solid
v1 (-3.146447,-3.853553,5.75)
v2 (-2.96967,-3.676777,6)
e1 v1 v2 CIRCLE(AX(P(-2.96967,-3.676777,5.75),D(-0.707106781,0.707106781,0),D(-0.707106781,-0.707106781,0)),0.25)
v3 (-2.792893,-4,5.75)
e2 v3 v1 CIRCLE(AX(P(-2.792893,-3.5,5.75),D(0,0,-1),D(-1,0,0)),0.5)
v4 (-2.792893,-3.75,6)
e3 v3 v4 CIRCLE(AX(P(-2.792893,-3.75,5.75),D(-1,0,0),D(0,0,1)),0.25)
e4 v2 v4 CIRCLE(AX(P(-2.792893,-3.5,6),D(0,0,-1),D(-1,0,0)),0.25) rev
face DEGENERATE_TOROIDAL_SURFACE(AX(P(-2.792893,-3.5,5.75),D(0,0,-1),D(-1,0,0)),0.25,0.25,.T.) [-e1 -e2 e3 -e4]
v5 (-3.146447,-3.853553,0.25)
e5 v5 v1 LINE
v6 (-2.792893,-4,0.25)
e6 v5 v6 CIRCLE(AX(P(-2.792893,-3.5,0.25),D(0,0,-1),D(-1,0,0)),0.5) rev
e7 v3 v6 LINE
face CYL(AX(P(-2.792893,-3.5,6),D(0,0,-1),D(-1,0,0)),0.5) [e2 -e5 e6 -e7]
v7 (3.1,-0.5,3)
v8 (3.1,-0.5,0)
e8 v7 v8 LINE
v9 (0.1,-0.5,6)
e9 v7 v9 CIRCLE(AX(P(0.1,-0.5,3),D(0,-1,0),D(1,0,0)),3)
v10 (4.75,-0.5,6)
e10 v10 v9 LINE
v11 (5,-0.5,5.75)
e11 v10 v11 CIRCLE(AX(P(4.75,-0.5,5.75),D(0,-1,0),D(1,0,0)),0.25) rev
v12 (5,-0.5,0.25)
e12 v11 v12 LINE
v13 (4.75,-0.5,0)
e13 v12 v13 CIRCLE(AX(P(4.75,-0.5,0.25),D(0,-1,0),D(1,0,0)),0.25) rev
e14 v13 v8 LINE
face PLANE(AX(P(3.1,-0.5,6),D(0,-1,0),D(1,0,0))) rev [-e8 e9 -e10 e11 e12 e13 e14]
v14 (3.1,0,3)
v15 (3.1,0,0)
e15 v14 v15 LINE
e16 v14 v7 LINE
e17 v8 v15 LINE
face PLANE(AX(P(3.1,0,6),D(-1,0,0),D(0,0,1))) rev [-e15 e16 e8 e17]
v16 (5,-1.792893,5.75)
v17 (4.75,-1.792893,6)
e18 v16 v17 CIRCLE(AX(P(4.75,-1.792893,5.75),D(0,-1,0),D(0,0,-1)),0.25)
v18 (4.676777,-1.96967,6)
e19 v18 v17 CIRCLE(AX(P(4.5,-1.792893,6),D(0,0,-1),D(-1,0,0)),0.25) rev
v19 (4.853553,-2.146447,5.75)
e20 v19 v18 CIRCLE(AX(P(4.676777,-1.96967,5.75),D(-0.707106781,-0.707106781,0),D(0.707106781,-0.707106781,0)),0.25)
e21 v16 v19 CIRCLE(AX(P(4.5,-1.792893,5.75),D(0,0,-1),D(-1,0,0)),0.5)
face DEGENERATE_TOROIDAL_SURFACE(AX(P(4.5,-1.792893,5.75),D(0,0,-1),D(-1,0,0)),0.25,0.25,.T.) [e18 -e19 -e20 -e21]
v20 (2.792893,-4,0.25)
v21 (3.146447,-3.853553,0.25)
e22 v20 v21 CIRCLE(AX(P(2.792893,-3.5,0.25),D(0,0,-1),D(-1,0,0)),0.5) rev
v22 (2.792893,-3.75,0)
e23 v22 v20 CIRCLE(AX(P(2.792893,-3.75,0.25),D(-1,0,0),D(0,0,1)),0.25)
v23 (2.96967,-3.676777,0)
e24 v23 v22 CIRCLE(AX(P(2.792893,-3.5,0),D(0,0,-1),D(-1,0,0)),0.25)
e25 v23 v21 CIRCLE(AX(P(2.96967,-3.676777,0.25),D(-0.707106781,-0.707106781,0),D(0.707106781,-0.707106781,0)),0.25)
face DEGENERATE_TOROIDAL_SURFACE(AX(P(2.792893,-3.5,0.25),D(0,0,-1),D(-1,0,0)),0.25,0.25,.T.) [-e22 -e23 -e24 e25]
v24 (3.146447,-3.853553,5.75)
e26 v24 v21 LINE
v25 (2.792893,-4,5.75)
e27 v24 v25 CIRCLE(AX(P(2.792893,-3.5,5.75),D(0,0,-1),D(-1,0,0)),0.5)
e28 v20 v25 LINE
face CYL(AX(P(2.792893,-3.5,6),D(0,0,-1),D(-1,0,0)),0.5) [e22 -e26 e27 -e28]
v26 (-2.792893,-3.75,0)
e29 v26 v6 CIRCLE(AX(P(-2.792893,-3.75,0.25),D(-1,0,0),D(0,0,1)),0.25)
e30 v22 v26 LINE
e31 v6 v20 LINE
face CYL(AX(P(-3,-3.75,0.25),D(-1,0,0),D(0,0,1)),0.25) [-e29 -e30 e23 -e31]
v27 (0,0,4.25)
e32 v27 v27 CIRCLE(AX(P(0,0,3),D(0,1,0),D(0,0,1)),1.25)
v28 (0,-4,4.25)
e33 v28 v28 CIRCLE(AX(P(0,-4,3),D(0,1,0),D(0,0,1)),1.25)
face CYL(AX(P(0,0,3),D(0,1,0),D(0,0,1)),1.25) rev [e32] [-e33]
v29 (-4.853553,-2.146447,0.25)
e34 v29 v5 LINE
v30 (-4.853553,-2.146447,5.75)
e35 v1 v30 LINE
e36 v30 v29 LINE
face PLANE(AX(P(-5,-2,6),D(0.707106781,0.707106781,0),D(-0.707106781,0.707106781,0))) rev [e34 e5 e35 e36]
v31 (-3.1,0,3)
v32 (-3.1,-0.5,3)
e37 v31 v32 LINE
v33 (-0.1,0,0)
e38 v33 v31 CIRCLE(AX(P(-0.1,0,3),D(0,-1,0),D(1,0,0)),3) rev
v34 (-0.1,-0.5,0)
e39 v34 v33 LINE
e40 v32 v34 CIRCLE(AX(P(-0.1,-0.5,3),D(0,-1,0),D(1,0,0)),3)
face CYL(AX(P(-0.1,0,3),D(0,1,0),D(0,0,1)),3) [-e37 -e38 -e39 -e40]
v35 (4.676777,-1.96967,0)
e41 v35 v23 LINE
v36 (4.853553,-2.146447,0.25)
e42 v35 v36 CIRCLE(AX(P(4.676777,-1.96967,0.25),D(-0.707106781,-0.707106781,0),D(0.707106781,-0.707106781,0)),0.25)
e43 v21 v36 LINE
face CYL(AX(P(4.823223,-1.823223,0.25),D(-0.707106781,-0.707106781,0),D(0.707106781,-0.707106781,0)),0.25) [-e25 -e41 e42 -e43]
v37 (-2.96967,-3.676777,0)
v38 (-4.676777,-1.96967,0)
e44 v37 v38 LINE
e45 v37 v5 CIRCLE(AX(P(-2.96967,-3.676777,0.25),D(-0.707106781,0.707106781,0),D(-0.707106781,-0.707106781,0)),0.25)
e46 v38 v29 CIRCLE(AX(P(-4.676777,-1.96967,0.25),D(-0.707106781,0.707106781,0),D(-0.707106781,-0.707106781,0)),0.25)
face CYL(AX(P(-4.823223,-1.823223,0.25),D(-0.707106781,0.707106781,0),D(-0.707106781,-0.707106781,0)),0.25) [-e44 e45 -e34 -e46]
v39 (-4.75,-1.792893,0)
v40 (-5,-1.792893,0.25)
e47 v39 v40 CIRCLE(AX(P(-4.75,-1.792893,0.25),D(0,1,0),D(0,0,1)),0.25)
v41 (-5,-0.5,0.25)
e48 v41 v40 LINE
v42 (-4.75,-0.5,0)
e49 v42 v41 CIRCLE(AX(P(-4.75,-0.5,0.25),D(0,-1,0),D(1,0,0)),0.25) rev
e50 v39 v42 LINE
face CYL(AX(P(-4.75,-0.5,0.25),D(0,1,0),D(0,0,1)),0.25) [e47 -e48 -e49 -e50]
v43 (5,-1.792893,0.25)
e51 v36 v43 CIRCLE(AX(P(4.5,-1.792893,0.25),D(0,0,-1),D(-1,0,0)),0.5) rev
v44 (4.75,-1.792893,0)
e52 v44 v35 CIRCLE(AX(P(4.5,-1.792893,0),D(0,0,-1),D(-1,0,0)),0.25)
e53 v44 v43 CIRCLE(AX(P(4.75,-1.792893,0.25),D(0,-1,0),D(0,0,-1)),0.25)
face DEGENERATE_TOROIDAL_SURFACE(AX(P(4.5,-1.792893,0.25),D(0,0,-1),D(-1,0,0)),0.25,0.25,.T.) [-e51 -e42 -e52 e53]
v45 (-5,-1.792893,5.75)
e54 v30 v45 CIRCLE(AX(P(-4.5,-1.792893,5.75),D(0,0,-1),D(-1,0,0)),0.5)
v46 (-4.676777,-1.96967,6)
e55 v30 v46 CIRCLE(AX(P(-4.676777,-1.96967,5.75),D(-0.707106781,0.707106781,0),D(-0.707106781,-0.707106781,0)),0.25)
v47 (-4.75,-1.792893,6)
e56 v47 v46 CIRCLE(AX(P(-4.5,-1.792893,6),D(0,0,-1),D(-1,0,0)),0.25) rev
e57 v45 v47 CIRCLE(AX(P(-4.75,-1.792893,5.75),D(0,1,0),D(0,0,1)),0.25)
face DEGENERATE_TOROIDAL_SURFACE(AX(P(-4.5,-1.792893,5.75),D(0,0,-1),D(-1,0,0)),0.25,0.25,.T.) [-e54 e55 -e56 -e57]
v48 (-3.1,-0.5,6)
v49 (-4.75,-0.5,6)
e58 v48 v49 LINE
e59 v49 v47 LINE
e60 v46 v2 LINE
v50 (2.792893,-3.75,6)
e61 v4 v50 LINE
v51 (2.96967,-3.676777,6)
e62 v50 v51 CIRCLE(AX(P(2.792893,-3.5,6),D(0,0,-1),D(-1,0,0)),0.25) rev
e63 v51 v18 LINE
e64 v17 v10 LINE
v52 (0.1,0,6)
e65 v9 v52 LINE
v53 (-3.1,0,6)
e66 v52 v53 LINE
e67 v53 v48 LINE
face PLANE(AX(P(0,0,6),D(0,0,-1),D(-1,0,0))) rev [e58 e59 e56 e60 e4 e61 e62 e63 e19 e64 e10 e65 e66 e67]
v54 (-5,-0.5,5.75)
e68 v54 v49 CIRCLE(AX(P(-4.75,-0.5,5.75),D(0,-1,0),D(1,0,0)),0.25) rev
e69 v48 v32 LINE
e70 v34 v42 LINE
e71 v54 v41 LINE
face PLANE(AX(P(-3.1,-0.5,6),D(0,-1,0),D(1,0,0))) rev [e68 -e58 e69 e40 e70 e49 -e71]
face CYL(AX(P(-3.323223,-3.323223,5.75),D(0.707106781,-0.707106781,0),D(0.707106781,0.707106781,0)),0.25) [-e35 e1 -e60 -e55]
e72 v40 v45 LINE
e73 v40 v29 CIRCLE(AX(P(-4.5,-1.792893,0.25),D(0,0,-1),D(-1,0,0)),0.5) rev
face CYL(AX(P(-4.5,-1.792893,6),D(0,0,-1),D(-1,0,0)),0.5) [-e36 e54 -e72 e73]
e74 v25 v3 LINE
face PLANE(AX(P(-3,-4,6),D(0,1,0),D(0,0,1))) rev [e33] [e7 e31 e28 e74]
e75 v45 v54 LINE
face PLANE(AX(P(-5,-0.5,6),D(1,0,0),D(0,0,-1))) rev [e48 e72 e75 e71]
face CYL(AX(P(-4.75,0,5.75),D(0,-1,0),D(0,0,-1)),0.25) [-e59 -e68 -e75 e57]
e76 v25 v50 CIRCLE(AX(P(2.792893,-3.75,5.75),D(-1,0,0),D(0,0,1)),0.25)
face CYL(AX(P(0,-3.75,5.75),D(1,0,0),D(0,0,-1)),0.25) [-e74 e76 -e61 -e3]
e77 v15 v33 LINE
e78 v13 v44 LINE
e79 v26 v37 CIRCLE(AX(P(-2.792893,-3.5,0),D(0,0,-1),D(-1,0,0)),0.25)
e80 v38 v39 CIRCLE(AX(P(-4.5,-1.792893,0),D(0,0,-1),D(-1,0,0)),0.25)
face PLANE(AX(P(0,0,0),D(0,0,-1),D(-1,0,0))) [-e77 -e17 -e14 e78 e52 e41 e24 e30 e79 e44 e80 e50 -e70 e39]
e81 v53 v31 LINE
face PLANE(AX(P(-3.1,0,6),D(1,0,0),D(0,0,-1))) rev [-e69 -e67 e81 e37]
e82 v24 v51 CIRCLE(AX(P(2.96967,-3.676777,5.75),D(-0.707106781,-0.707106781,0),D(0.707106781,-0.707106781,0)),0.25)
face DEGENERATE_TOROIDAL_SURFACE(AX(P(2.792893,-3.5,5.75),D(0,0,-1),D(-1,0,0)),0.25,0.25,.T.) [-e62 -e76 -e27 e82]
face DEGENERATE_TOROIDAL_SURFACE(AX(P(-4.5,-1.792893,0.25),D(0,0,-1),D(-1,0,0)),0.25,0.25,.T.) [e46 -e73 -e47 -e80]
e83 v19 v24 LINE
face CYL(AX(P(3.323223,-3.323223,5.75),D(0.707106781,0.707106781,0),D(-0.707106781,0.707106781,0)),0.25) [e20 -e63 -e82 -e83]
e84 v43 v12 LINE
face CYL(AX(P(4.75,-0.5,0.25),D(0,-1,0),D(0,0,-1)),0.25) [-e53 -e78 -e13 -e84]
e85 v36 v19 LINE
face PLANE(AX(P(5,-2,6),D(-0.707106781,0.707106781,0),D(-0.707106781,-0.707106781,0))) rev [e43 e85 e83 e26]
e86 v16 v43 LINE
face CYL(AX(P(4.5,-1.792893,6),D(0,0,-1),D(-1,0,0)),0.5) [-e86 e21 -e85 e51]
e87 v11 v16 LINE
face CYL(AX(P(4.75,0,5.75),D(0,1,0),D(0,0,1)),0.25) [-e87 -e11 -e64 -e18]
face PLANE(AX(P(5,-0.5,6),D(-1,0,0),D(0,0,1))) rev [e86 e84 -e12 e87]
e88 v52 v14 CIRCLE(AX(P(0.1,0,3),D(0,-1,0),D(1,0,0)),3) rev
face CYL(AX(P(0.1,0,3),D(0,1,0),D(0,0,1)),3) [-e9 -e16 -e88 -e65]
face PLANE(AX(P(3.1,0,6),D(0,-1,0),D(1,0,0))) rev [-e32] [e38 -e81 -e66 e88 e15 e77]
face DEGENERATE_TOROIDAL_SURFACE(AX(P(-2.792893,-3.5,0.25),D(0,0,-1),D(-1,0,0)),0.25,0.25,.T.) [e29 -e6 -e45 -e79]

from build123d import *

# Parameters (mm, degrees)
BOSS_EXTRUDE1_DEPTH = 6
M3_TAPPED_HOLE1_D   = 2.5
FILLET1_R           = 3
FILLET2_R           = 0.5
FILLET3_R           = 0.25


with BuildPart() as part:
    # Sketch1 → Boss-Extrude1 (new body)
    with BuildSketch(Plane.XY):
        Polygon((3.1, 0), (-3.1, 0), (-3.1, -0.5), (-5, -0.5), (-5, -2), (-3, -4), (3, -4), (5, -2), (5, -0.5), (3.1, -0.5), align=None)
    extrude(amount=BOSS_EXTRUDE1_DEPTH)

    # M3 Tapped Hole1 (through all)
    with Locations(Plane(origin=(0, 0, 0), x_dir=(-1, 0, 0), z_dir=(0, 1, 0))):
        with Locations((0, 3)):
            Hole(M3_TAPPED_HOLE1_D / 2)

    # Fillet1
    fillet1_edges = [part.edges().sort_by_distance(p)[0] for p in [
        (-3.1, -0.25, 0),
        (3.1, -0.25, 6),
    ]]
    fillet(fillet1_edges, radius=FILLET1_R)

    # Fillet2
    fillet2_edges = [part.edges().sort_by_distance(p)[0] for p in [
        (5, -2, 3),
        (3, -4, 3),
        (-3, -4, 3),
        (-5, -2, 3),
    ]]
    fillet(fillet2_edges, radius=FILLET2_R)

    # Fillet3
    fillet3_edges = [part.edges().sort_by_distance(p)[0] for p in [
        (-5, -1.146446609, 6),
        (-5, -1.146446609, 0),
        (5, -1.146446609, 0),
        (5, -1.146446609, 6),
        (4, -3, 0),
        (0, -4, 0),
        (-4, -3, 0),
        (-2.984234935, -3.961939766, 0),
        (-4.961939766, -1.984234935, 0),
        (2.984234935, -3.961939766, 0),
        (4.961939766, -1.984234935, 0),
        (4, -3, 6),
        (-4, -3, 6),
        (0, -4, 6),
        (-2.984234935, -3.961939766, 6),
        (-4.961939766, -1.984234935, 6),
        (2.984234935, -3.961939766, 6),
        (4.961939766, -1.984234935, 6),
    ]]
    fillet(fillet3_edges, radius=FILLET3_R)


solid = part.part
